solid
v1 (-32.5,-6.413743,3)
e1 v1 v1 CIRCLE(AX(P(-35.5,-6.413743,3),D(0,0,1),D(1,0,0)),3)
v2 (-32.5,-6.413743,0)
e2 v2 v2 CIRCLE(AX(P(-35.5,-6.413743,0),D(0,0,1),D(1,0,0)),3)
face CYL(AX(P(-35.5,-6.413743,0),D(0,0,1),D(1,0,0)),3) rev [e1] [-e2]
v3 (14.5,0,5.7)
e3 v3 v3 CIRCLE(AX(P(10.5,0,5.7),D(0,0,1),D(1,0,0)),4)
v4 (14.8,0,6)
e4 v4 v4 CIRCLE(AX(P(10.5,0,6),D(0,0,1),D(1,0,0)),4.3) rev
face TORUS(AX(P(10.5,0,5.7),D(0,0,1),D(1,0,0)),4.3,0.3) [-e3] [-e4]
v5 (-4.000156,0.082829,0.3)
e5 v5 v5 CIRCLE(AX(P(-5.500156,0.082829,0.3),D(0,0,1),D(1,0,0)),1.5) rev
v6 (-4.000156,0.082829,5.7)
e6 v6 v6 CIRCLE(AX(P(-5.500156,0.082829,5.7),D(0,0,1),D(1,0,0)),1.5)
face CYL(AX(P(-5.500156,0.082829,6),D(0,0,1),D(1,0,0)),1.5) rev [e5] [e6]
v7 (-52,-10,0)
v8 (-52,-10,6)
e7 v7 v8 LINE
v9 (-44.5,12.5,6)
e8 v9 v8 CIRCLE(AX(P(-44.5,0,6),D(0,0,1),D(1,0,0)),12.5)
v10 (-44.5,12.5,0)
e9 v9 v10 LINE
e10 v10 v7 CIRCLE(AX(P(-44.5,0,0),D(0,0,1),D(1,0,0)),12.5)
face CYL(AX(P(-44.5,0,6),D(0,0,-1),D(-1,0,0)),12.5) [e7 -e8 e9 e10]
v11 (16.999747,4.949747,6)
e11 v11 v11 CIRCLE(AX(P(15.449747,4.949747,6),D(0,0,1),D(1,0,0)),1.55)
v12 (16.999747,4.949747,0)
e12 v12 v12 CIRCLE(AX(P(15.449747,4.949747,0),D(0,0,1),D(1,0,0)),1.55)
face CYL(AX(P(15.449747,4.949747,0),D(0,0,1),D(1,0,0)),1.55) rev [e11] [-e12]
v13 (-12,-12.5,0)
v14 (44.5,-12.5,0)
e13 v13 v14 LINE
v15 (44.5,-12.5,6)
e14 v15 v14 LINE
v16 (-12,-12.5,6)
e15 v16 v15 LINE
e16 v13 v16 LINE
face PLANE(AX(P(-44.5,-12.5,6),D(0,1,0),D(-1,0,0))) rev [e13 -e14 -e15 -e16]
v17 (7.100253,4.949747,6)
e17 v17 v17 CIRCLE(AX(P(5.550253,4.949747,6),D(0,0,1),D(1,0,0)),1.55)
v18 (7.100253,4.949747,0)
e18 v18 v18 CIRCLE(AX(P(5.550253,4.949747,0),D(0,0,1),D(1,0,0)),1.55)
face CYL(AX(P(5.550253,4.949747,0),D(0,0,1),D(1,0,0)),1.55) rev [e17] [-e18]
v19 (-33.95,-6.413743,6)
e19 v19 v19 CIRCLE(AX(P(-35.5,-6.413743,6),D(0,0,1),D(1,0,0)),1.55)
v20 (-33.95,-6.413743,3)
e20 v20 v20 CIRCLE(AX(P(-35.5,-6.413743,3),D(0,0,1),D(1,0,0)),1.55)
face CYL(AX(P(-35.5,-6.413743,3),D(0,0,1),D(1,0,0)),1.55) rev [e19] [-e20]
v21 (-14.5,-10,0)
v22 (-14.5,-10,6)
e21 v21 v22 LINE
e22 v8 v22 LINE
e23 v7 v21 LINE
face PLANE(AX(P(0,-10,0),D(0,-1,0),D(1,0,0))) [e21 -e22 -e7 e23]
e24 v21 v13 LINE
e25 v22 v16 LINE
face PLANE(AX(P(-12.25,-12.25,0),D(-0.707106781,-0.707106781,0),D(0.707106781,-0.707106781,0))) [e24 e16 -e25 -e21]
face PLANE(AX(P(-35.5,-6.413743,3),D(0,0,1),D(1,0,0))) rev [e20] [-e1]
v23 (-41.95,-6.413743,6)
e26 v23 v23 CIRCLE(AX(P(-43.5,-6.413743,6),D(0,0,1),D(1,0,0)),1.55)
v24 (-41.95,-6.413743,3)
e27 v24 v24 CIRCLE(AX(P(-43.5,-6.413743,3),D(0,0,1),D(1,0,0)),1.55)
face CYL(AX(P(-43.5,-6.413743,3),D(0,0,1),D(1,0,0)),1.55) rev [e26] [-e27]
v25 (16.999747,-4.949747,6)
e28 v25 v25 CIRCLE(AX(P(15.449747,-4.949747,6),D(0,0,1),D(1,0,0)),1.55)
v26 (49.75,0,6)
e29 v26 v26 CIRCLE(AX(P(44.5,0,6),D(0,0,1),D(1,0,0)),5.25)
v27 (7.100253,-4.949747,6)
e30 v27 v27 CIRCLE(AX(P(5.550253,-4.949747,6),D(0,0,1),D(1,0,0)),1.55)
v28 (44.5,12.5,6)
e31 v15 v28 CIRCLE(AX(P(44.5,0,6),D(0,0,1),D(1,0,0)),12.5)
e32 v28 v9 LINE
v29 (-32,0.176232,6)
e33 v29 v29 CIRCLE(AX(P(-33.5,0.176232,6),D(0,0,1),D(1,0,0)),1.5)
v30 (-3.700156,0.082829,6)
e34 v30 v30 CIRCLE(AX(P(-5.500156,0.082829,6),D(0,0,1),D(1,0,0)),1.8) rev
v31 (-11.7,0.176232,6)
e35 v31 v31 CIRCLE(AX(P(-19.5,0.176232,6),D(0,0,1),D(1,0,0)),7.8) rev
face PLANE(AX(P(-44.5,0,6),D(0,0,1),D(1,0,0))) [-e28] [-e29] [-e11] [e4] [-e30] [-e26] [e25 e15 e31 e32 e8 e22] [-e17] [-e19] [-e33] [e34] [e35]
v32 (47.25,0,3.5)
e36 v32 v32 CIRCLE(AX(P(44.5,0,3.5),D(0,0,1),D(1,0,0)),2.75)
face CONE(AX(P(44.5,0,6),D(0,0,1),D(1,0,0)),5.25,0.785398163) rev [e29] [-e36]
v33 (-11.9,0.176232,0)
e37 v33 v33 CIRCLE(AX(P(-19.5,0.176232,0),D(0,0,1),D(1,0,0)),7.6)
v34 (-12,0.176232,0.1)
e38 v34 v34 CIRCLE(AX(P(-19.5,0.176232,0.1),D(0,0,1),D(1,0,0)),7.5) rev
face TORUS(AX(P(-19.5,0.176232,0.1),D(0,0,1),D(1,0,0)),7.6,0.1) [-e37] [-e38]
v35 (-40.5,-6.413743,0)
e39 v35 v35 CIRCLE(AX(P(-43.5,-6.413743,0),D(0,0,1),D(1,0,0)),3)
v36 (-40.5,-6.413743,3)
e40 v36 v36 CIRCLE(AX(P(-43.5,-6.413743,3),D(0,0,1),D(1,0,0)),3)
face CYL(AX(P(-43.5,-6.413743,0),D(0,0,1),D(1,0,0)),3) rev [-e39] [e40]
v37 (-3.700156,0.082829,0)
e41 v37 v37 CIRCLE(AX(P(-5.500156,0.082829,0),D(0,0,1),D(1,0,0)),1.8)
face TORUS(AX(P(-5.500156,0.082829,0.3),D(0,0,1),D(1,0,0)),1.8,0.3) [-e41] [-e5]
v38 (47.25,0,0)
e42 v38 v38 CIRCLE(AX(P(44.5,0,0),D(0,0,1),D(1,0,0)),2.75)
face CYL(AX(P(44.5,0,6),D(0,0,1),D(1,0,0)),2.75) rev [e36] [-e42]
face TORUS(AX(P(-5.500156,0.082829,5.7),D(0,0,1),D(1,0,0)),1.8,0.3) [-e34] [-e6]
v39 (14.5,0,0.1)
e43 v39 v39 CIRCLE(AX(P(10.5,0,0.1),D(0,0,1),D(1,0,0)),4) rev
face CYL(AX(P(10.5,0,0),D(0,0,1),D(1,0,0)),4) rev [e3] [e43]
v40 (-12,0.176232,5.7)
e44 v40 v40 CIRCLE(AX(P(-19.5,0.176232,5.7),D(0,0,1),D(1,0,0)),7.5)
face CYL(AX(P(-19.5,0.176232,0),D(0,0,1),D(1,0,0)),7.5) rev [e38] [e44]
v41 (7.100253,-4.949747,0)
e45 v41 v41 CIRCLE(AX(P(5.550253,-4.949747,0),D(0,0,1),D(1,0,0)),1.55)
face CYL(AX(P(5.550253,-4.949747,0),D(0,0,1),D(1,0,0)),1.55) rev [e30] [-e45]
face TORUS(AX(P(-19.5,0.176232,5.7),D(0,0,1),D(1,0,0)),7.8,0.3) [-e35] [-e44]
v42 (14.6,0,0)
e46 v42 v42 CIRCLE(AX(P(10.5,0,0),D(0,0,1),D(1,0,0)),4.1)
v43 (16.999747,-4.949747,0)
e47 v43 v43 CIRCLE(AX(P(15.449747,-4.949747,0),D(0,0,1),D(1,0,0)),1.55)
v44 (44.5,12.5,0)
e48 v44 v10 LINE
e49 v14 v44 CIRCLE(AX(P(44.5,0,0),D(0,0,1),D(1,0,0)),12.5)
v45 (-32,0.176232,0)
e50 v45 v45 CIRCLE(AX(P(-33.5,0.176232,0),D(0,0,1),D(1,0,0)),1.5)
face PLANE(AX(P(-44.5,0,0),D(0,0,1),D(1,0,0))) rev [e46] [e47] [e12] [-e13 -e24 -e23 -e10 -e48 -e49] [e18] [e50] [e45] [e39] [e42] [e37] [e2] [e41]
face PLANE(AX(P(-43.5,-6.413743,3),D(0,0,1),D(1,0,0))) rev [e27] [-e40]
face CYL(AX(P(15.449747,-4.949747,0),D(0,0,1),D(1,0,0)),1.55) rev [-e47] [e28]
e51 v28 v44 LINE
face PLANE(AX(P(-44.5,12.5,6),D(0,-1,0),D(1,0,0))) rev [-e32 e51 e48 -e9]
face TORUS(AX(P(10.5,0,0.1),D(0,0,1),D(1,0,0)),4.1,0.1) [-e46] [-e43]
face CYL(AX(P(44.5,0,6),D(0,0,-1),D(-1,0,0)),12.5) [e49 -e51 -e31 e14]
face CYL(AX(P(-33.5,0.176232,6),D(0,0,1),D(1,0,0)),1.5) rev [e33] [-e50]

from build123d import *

# Parameters (mm, degrees)
BOSS_EXTRUDE1_DEPTH                             = 6
CUT_EXTRUDE2_START                              = -6
CUT_EXTRUDE2_DEPTH                              = 6
SKETCH4_3_R                                     = 4
SKETCH4_3_R_2                                   = 1.55
SKETCH4_3_R_3                                   = 7.5
CUT_EXTRUDE3_DEPTH                              = 6
F_3_0MM_DOWEL_HOLE1_D                           = 3
SKETCH8_R                                       = 1.55
CUT_EXTRUDE4_DEPTH                              = 3
SKETCH9_R                                       = 3
CUT_EXTRUDE5_DEPTH                              = 3
CSK_FOR_M5_FLAT_HEAD_MACHINE_SCREW2_D           = 5.5
CSK_FOR_M5_FLAT_HEAD_MACHINE_SCREW2_CSINK_D     = 10.5
CSK_FOR_M5_FLAT_HEAD_MACHINE_SCREW2_CSINK_ANGLE = 90
FILLET1_R                                       = 0.1
FILLET2_R                                       = 0.3


with BuildPart() as part:
    # Sketch2 → Boss-Extrude1 (new body)
    with BuildSketch(Plane.XY):
        with BuildLine():
            Line((-44.5, 12.5), (44.5, 12.5))
            ThreePointArc((44.5, 12.5), (57, 0), (44.5, -12.5))
            Line((44.5, -12.5), (-44.5, -12.5))
            ThreePointArc((-44.5, -12.5), (-57, 0), (-44.5, 12.5))
        make_face()
    extrude(amount=BOSS_EXTRUDE1_DEPTH)

    # Sketch4 → Cut-Extrude2 (cut)
    with BuildSketch(Plane.XY.offset(6).offset(CUT_EXTRUDE2_START)):
        with BuildLine():
            Line((-26.951366151, -10), (-52, -10))
            ThreePointArc((-52, -10), (-48.452847075, -11.858541226), (-44.5, -12.5))
            Line((-44.5, -12.5), (-12, -12.5))
            Line((-12, -12.5), (-14.5, -10))
            Line((-14.5, -10), (-26.951366151, -10))
        make_face()
    extrude(amount=CUT_EXTRUDE2_DEPTH, mode=Mode.SUBTRACT)

    # Sketch4<3> → Cut-Extrude3 (cut)
    with BuildSketch(Plane.XY.offset(6)):
        with Locations((10.5, 0)):
            Circle(SKETCH4_3_R)
        with Locations((5.550252532, 4.949747468)):
            Circle(SKETCH4_3_R_2)
        with Locations((-19.5, 0.176232127)):
            Circle(SKETCH4_3_R_3)
        with Locations((15.449747468, 4.949747468)):
            Circle(SKETCH4_3_R_2)
        with Locations((15.449747468, -4.949747468)):
            Circle(SKETCH4_3_R_2)
        with Locations((5.550252532, -4.949747468)):
            Circle(SKETCH4_3_R_2)
    extrude(amount=-CUT_EXTRUDE3_DEPTH, mode=Mode.SUBTRACT)

    # Ø3.0mm Dowel Hole1 (through all)
    with Locations(Plane.XY.offset(6)):
        with Locations((-5.500155789, 0.082828829), (-33.5, 0.176232127), (-19.5, 0.176232127)):
            Hole(F_3_0MM_DOWEL_HOLE1_D / 2)

    # Sketch8 → Cut-Extrude4 (cut)
    with BuildSketch(Plane.XY.offset(6)):
        with Locations((-43.5, -6.413742831)):
            Circle(SKETCH8_R)
        with Locations((-35.5, -6.413742831)):
            Circle(SKETCH8_R)
    extrude(amount=-CUT_EXTRUDE4_DEPTH, mode=Mode.SUBTRACT)

    # Sketch9 → Cut-Extrude5 (cut)
    with BuildSketch(Plane.XY.offset(3)):
        with Locations((-43.5, -6.413742831)):
            Circle(SKETCH9_R)
        with Locations((-35.5, -6.413742831)):
            Circle(SKETCH9_R)
    extrude(amount=-CUT_EXTRUDE5_DEPTH, mode=Mode.SUBTRACT)

    # CSK for M5 Flat Head Machine Screw2 (through all)
    with Locations(Plane.XY.offset(6)):
        with Locations((44.5, 0)):
            CounterSinkHole(CSK_FOR_M5_FLAT_HEAD_MACHINE_SCREW2_D / 2, CSK_FOR_M5_FLAT_HEAD_MACHINE_SCREW2_CSINK_D / 2, counter_sink_angle=CSK_FOR_M5_FLAT_HEAD_MACHINE_SCREW2_CSINK_ANGLE)

    # Fillet1
    fillet1_edges = [part.edges().sort_by_distance(p)[0] for p in [
        (-27, 0.176232127, 0),
        (6.5, 0, 0),
    ]]
    fillet(fillet1_edges, radius=FILLET1_R)

    # Fillet2
    fillet2_edges = [part.edges().sort_by_distance(p)[0] for p in [
        (6.5, 0, 6),
        (-4.000155789, 0.082828829, 6),
        (-4.000155789, 0.082828829, 0),
        (-27, 0.176232127, 6),
    ]]
    fillet(fillet2_edges, radius=FILLET2_R)


solid = part.part
